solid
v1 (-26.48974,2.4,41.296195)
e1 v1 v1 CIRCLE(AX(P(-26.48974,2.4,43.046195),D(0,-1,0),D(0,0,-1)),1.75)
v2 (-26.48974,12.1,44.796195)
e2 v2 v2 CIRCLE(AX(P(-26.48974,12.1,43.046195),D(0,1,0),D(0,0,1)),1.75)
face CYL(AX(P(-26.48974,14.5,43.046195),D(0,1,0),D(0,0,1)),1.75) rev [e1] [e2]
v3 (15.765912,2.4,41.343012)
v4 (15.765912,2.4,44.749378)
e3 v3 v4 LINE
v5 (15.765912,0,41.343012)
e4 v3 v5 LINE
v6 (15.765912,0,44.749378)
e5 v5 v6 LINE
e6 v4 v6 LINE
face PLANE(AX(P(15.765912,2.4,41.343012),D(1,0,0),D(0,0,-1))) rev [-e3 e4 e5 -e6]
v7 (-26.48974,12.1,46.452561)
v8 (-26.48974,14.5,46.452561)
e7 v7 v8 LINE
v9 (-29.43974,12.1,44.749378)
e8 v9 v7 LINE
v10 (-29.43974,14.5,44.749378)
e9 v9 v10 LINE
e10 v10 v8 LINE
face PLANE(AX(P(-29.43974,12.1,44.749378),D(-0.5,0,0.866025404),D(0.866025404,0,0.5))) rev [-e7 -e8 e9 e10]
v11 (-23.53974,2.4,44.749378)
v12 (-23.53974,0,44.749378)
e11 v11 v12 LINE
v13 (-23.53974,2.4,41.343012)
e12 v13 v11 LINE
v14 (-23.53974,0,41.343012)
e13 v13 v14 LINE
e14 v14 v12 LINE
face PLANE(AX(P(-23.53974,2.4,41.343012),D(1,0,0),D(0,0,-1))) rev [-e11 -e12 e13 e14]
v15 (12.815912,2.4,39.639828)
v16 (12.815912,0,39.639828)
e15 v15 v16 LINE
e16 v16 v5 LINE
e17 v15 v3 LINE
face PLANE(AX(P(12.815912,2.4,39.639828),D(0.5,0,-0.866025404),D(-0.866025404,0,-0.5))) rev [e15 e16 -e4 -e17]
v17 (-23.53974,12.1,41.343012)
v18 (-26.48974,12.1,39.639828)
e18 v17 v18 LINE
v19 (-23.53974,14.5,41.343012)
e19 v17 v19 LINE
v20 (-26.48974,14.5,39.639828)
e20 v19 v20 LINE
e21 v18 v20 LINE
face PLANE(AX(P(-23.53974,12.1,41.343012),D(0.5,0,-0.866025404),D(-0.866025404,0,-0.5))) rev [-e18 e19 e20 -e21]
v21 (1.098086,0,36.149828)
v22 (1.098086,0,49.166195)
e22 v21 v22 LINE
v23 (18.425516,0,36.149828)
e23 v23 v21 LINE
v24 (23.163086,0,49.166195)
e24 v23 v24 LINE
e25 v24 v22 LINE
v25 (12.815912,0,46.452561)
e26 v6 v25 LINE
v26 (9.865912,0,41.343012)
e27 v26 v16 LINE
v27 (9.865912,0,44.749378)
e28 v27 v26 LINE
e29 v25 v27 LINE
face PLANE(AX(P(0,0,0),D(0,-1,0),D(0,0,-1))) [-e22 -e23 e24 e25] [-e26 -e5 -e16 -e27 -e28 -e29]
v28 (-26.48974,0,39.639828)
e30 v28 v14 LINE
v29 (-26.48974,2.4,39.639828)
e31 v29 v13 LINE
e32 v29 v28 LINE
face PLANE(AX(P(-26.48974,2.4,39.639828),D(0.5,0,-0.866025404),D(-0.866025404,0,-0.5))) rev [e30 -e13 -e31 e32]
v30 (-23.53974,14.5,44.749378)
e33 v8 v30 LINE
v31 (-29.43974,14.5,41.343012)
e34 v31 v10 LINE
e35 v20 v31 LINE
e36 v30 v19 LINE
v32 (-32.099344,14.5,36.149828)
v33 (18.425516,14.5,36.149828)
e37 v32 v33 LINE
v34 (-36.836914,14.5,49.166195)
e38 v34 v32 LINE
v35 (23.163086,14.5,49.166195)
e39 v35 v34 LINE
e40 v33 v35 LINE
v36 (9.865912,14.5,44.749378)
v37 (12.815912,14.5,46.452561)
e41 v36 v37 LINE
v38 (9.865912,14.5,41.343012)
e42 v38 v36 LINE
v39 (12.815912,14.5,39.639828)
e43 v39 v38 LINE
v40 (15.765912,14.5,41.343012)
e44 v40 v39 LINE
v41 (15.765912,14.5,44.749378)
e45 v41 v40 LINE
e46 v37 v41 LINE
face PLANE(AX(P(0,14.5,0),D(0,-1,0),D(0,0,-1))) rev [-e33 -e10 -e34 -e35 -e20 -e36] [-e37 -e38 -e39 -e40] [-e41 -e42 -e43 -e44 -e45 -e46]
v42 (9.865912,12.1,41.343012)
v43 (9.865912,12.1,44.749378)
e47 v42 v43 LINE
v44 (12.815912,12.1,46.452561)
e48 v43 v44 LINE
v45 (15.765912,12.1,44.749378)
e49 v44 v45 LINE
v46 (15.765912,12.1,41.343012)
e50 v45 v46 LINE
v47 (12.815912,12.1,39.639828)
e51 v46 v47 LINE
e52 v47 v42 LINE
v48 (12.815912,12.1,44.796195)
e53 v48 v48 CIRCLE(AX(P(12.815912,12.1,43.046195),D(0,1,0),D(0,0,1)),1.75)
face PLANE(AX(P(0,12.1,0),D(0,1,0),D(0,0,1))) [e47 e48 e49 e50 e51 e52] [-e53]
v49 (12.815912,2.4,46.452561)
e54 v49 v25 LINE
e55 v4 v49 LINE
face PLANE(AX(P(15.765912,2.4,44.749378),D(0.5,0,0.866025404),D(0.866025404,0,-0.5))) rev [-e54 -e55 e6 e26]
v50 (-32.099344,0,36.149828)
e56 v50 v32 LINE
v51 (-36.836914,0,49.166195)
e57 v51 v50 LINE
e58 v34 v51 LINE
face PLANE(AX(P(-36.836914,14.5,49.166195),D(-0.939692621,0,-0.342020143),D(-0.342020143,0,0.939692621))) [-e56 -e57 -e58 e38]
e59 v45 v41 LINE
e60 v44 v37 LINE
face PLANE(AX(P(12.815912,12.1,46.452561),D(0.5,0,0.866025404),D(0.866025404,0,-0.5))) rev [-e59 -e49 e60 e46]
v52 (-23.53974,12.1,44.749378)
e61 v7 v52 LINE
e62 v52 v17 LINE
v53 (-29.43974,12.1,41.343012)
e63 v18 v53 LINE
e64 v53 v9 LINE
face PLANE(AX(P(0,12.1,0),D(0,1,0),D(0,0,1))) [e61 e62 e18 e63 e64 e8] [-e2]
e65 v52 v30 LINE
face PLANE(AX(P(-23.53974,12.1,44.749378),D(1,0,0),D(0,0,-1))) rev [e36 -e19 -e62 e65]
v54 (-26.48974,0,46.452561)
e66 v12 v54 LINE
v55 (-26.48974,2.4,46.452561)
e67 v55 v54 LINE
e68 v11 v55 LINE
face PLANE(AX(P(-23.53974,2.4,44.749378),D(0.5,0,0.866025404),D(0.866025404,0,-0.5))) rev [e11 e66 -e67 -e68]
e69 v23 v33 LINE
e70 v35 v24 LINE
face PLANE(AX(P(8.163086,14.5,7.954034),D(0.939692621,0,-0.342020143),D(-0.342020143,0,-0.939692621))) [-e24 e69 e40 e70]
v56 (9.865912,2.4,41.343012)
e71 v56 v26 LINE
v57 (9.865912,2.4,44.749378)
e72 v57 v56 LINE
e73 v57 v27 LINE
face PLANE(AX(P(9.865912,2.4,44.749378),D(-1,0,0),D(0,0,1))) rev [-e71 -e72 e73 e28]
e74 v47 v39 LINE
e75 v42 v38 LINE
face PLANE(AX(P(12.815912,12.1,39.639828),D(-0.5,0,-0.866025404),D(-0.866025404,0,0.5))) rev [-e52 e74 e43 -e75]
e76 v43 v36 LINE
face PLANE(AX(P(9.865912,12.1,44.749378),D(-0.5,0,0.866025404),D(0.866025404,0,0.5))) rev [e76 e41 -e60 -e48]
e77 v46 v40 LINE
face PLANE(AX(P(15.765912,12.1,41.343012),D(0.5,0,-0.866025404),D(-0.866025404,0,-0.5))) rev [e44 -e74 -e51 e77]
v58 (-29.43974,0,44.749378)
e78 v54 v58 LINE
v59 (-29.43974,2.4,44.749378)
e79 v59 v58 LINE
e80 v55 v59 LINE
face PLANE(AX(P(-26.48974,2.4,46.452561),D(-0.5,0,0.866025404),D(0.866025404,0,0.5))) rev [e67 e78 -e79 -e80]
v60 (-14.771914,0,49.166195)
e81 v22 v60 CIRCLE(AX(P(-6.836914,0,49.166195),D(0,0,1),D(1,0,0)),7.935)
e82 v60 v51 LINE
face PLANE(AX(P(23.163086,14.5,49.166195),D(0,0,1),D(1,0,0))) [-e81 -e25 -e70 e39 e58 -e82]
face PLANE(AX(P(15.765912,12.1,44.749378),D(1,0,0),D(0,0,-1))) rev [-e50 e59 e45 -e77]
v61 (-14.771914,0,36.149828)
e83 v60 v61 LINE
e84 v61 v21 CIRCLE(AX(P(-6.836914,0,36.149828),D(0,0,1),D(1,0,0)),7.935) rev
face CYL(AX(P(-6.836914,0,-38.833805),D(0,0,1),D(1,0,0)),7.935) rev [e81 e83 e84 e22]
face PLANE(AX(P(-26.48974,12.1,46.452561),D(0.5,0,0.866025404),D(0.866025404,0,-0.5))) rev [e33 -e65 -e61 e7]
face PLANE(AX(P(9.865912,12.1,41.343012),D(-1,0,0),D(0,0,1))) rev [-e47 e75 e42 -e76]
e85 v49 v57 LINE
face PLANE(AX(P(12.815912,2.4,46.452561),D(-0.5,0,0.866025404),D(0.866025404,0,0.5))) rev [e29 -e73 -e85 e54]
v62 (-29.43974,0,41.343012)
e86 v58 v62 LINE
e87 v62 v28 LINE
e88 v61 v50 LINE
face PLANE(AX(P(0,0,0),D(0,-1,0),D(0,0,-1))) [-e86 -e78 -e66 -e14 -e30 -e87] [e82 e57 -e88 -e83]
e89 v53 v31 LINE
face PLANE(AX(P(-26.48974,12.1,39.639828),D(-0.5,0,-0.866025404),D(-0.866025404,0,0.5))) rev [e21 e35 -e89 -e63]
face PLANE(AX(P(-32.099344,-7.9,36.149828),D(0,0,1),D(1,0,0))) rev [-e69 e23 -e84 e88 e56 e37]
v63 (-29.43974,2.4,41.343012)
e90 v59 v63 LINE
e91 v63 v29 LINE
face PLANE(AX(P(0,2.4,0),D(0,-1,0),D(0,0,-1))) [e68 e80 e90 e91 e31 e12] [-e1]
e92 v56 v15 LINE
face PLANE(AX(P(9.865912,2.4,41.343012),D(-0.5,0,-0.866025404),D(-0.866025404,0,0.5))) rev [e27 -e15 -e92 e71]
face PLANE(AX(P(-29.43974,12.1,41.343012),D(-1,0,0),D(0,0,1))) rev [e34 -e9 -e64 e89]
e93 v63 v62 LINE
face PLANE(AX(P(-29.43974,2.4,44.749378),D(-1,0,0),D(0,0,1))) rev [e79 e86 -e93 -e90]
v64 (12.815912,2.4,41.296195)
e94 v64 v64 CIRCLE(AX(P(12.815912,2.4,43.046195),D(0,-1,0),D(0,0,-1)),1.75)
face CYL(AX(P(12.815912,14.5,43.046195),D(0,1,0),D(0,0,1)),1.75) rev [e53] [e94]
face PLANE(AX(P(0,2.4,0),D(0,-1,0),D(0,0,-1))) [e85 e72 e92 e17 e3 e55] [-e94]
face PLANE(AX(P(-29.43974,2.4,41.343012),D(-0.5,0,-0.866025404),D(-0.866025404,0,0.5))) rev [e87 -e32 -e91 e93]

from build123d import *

# Parameters (mm, degrees)
BOSS_EXTRUDE3_DEPTH   = 14.5
SKETCH8_R             = 7.935
CUT_EXTRUDE3_DEPTH    = 88
CUT_EXTRUDE7_DEPTH    = 2.4
CUT_EXTRUDE8_DEPTH    = 2.4
F_1_0MM_DOWEL_HOLE1_D = 3.5
CUT_EXTRUDE10_DEPTH   = 22.4


with BuildPart() as part:
    # Sketch6 → Boss-Extrude3 (new body)
    with BuildSketch(Plane(origin=(0, 0, 0), x_dir=(1, 0, 0), z_dir=(0, 1, 0))):
        Polygon((-21.836914056, -7.954033585), (8.163085944, -7.954033585), (23.163085944, -49.166194877), (-36.836914056, -49.166194877), align=None)
    extrude(amount=BOSS_EXTRUDE3_DEPTH)

    # Sketch8 → Cut-Extrude3 (cut)
    with BuildSketch(Plane.XY.offset(49.166194877)):
        with Locations((-6.836914056, 0)):
            Circle(SKETCH8_R)
    extrude(amount=-CUT_EXTRUDE3_DEPTH, mode=Mode.SUBTRACT)

    # Sketch16 → Cut-Extrude7 (cut)
    with BuildSketch(Plane(origin=(0, 14.5, 0), x_dir=(1, 0, 0), z_dir=(0, 1, 0))):
        Polygon((-26.489739818, -46.452561466), (-23.539739818, -44.749378171), (-23.539739818, -41.343011583), (-26.489739818, -39.639828289), (-29.439739818, -41.343011583), (-29.439739818, -44.749378171), align=None)
        Polygon((12.815911706, -46.452561466), (15.765911706, -44.749378171), (15.765911706, -41.343011583), (12.815911706, -39.639828289), (9.865911706, -41.343011583), (9.865911706, -44.749378171), align=None)
    extrude(amount=-CUT_EXTRUDE7_DEPTH, mode=Mode.SUBTRACT)

    # Sketch17 → Cut-Extrude8 (cut)
    with BuildSketch(Plane.XZ):
        Polygon((-26.489739818, 39.639828289), (-23.539739818, 41.343011583), (-23.539739818, 44.749378171), (-26.489739818, 46.452561466), (-29.439739818, 44.749378171), (-29.439739818, 41.343011583), align=None)
        Polygon((12.815911706, 39.639828289), (15.765911706, 41.343011583), (15.765911706, 44.749378171), (12.815911706, 46.452561466), (9.865911706, 44.749378171), (9.865911706, 41.343011583), align=None)
    extrude(amount=-CUT_EXTRUDE8_DEPTH, mode=Mode.SUBTRACT)

    # Ø1.0mm Dowel Hole1 (through all)
    with Locations(Plane(origin=(-26.489739818, 14.5, 43.046194877), x_dir=(0, 0, 1), z_dir=(0, 1, 0))):
        with Locations((0, 0), (0, 39.305651524)):
            Hole(F_1_0MM_DOWEL_HOLE1_D / 2)

    # Sketch20 → Cut-Extrude10 (cut)
    with BuildSketch(Plane(origin=(0, 14.5, 0), x_dir=(1, 0, 0), z_dir=(0, 1, 0))):
        Polygon((-32.09934406, -36.149828289), (18.425515948, -36.149828289), (8.163085944, -7.954033585), (-21.836914056, -7.954033585), align=None)
    extrude(amount=-CUT_EXTRUDE10_DEPTH, mode=Mode.SUBTRACT)


solid = part.part
